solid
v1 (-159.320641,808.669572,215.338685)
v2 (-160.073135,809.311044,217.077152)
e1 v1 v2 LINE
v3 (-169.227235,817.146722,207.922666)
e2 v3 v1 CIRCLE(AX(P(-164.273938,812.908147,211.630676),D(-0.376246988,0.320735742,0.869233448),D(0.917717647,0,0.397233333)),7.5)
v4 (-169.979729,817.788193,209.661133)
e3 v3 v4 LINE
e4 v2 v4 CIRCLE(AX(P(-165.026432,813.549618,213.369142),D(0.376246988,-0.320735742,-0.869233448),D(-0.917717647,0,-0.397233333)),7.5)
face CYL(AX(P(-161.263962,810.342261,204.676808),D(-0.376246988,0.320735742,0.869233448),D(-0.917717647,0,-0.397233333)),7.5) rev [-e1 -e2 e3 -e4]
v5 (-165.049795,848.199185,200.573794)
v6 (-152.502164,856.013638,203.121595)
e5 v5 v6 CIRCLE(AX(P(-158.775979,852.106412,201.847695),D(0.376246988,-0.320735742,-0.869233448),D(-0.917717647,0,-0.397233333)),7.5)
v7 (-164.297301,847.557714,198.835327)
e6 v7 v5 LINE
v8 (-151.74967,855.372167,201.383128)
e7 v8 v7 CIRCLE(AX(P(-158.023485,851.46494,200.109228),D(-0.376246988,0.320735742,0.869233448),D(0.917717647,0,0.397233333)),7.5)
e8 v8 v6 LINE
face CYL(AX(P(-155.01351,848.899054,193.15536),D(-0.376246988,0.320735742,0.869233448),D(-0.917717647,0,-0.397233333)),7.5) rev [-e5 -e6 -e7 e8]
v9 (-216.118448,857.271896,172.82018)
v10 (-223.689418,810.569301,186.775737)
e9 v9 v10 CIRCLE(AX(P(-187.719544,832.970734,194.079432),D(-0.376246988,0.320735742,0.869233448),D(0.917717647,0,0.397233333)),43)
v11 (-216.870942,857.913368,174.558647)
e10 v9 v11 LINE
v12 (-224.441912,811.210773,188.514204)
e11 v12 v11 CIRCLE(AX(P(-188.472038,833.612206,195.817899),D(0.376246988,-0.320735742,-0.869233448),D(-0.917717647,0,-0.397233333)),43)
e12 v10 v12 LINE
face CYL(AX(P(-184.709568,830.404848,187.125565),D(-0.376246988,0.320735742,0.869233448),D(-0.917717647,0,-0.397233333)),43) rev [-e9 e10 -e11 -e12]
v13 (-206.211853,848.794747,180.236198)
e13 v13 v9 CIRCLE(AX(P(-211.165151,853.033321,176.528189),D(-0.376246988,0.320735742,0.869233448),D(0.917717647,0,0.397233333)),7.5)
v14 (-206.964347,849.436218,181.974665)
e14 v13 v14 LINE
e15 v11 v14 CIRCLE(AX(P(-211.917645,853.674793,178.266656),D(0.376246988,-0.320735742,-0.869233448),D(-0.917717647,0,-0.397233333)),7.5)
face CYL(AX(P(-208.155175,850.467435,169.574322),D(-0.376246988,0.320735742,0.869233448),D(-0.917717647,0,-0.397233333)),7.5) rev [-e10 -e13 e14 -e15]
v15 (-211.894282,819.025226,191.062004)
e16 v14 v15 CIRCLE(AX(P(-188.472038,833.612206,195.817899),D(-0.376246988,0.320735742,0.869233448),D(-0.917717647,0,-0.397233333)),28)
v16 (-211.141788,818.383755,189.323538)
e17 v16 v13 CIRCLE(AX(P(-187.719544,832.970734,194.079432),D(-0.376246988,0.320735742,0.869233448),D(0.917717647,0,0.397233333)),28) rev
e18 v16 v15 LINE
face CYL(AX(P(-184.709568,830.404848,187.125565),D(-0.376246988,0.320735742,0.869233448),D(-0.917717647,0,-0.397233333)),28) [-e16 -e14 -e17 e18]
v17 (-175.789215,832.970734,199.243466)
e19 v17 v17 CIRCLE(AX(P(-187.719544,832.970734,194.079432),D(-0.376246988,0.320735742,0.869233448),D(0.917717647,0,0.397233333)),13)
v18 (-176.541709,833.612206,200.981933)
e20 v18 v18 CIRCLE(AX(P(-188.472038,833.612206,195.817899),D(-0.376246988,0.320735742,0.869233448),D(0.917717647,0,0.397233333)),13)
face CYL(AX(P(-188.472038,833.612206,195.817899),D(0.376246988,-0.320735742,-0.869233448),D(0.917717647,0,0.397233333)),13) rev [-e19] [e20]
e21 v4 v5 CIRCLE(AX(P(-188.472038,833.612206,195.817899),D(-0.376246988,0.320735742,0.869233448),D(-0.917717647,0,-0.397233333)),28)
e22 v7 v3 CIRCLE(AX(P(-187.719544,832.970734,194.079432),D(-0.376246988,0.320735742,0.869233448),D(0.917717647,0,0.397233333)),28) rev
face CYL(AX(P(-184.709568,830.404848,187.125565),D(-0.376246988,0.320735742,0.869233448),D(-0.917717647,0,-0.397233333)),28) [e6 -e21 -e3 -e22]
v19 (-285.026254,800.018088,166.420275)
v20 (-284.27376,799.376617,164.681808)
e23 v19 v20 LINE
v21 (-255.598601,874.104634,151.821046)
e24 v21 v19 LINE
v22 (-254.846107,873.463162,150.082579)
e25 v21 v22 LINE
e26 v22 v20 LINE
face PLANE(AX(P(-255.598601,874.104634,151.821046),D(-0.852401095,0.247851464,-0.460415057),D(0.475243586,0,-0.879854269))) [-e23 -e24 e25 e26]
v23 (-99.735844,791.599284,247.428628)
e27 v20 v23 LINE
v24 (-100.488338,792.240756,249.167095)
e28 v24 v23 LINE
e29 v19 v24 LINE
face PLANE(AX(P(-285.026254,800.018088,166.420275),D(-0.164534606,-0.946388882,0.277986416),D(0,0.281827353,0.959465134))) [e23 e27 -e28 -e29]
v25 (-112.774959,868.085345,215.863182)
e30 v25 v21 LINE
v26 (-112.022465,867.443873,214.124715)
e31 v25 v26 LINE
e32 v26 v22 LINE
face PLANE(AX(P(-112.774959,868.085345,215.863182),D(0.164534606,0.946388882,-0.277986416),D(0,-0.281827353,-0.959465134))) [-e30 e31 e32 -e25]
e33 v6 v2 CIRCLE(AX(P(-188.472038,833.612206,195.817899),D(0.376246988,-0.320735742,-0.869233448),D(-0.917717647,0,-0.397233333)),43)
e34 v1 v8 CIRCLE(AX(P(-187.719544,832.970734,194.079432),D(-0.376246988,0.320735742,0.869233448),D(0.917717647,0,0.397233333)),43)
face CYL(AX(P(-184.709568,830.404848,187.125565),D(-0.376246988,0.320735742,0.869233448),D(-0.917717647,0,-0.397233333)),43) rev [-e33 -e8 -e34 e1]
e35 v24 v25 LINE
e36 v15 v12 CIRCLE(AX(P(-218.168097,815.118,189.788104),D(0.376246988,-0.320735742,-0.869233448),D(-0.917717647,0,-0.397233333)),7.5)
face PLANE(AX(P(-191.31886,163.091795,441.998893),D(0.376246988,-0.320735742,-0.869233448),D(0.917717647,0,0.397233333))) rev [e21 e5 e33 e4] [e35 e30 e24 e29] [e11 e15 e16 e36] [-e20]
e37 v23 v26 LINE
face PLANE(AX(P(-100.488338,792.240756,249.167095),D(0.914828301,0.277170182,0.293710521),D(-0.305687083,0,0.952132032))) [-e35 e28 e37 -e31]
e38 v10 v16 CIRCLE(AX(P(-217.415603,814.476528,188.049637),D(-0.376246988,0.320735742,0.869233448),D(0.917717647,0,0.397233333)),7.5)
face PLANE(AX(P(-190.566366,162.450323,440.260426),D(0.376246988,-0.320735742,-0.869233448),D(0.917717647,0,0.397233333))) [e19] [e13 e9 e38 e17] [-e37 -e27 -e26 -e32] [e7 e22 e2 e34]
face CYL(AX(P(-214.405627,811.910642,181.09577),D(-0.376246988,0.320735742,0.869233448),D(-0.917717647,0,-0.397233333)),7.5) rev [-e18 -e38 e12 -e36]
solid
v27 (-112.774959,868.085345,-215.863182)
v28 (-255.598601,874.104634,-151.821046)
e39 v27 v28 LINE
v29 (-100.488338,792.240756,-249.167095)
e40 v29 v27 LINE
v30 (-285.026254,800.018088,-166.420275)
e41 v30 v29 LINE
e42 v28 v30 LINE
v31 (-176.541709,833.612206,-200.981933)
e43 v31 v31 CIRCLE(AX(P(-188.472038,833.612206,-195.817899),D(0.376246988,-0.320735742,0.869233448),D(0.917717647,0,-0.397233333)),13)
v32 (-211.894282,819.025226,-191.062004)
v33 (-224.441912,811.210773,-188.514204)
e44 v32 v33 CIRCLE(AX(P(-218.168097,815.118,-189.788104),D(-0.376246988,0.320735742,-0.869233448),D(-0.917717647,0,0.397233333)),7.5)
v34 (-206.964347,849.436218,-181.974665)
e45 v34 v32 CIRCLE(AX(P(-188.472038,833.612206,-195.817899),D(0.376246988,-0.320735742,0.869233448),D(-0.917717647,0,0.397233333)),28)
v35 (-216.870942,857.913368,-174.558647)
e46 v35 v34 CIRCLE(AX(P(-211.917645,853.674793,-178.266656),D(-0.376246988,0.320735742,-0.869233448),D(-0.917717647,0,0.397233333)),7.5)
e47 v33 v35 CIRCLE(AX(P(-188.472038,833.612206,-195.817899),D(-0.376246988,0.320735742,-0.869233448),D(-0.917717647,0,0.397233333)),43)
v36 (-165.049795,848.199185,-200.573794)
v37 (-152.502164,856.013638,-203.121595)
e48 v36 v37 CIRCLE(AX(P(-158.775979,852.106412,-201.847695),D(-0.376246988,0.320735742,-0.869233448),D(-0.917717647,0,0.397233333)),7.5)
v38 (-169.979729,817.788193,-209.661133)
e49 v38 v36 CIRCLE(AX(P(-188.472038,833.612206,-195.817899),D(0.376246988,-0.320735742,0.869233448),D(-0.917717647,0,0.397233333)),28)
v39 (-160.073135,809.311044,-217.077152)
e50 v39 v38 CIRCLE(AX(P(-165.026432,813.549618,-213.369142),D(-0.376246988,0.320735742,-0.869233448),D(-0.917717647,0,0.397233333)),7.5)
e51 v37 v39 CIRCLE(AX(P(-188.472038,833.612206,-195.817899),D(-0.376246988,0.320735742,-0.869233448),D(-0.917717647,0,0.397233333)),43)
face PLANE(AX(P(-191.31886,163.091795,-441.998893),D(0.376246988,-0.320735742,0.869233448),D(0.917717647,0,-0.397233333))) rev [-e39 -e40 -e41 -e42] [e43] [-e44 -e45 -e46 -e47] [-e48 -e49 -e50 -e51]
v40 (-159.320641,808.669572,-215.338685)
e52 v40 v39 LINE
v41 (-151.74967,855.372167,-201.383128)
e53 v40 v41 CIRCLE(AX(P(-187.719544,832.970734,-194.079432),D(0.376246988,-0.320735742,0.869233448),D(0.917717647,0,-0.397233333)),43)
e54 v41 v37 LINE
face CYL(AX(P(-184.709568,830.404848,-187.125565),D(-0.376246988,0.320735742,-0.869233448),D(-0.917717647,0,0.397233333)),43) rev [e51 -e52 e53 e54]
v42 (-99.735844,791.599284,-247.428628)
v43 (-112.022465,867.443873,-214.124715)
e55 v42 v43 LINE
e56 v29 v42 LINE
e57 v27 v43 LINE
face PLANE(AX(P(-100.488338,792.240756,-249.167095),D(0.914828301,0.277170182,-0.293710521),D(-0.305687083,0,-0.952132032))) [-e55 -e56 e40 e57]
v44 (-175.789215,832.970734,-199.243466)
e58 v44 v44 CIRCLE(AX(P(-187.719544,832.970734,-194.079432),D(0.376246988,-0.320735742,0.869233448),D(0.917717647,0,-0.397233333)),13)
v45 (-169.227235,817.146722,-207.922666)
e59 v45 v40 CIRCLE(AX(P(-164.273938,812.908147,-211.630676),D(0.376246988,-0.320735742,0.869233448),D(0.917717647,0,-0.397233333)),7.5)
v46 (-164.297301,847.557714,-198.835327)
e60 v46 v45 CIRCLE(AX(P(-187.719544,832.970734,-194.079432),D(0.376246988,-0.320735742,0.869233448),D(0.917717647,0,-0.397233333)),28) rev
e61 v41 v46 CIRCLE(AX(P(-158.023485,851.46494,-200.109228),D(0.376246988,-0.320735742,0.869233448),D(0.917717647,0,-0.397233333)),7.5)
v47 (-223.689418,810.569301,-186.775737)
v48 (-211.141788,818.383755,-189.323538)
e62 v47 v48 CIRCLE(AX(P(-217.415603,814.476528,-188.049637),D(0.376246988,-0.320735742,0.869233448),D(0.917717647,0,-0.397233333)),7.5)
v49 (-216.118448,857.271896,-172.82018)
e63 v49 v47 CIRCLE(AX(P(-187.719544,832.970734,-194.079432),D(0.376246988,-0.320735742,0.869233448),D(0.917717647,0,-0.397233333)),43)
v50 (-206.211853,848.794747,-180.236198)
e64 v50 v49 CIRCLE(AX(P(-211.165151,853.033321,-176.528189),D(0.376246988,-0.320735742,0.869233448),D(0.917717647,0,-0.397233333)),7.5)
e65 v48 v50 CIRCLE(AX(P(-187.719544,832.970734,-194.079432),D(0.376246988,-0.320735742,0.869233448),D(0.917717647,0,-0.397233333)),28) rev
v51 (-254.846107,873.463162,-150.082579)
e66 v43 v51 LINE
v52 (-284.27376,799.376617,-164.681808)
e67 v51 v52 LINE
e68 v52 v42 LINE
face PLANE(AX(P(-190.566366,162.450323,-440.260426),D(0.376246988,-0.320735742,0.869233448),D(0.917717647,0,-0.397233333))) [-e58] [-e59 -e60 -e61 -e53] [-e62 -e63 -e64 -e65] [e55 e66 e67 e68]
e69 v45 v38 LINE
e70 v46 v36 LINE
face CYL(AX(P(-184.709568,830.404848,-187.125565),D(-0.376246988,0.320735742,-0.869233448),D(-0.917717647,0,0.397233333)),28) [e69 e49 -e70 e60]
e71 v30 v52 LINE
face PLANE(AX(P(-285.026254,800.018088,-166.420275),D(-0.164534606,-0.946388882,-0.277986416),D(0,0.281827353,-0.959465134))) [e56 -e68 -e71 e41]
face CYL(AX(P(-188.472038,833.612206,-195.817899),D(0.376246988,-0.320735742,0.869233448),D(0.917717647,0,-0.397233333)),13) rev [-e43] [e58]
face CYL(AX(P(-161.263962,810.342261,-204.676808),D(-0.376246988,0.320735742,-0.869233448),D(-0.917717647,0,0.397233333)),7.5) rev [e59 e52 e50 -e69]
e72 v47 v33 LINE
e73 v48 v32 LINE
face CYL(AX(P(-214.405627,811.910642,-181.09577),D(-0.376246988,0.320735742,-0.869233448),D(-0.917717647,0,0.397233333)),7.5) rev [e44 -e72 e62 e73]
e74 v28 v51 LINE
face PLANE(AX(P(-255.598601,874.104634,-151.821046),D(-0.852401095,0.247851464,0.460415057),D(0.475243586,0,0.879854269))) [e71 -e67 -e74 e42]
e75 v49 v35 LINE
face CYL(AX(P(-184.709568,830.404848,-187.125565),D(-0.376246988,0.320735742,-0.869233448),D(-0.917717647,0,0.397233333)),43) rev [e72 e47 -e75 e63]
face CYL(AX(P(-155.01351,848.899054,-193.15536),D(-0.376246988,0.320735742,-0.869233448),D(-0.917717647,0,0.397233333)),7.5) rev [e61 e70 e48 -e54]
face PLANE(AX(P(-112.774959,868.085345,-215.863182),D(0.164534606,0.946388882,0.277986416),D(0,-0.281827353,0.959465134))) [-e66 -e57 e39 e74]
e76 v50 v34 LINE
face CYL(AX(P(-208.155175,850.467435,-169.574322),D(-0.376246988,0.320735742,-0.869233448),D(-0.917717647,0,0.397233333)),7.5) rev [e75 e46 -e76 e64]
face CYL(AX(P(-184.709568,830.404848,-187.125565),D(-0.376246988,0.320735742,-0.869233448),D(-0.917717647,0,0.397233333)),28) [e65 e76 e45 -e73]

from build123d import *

# Parameters (mm, degrees)
BOSS_EXTRUDE1_START = -12.7
SKETCH2_R           = 13
BOSS_EXTRUDE1_DEPTH = 2
CUT_EXTRUDE1_DEPTH  = 10


with BuildPart() as part:
    # Sketch2 → Boss-Extrude1 (new body)
    with BuildSketch(Plane(origin=(-185.788028835, 158.376979194, -429.22116108), x_dir=(0.9258065436497296, 0.16694116630884537, -0.33913550496340533), z_dir=(0.37624698781411564, -0.3207357424179442, 0.8692334483304326)).offset(BOSS_EXTRUDE1_START)):
        Polygon((113.718253634, 735.792476768), (-39.222903548, 769.633606999), (-73.884194412, 696.376966977), (123.726243288, 652.651911665), align=None)
        with Locations(Location((31.08434974, 713.613740602, 0), (0, 0, 349.848426749))):
            Circle(SKETCH2_R, mode=Mode.SUBTRACT)
    extrude(amount=-BOSS_EXTRUDE1_DEPTH)

    # Sketch3 → Cut-Extrude1 (cut)
    with BuildSketch(Plane(origin=(-191.318859556, 163.091794607, -441.998892771), x_dir=(-0.9258065436497296, -0.16694116630884515, 0.3391355049634055), z_dir=(-0.3762469878141158, 0.3207357424179439, -0.8692334483304328))):
        with BuildLine():
            ThreePointArc((-70.60215835, 730.564929432), (-73.178245929, 704.832857751), (-60.529143361, 682.276795496))
            ThreePointArc((-60.529143361, 682.276795496), (-49.927677304, 682.606821918), (-50.257703726, 693.208287975))
            ThreePointArc((-50.257703726, 693.208287975), (-58.494328654, 707.89595642), (-56.816876277, 724.651724026))
            ThreePointArc((-56.816876277, 724.651724026), (-60.75291461, 734.500967765), (-70.60215835, 730.564929432))
        make_face()
        with BuildLine():
            ThreePointArc((8.433458869, 696.662551773), (11.009546448, 722.394623454), (-1.639556119, 744.950685709))
            ThreePointArc((-1.639556119, 744.950685709), (-12.241022177, 744.620659287), (-11.910995755, 734.01919323))
            ThreePointArc((-11.910995755, 734.01919323), (-3.674370827, 719.331524785), (-5.351823204, 702.575757178))
            ThreePointArc((-5.351823204, 702.575757178), (-1.415784871, 692.726513439), (8.433458869, 696.662551773))
        make_face()
    extrude(amount=-CUT_EXTRUDE1_DEPTH, mode=Mode.SUBTRACT)


with BuildPart() as body_2:
    # Mirror1: mirrored copy
    add(part.part.mirror(Plane.XY))


solid = Compound([part.part, body_2.part])
